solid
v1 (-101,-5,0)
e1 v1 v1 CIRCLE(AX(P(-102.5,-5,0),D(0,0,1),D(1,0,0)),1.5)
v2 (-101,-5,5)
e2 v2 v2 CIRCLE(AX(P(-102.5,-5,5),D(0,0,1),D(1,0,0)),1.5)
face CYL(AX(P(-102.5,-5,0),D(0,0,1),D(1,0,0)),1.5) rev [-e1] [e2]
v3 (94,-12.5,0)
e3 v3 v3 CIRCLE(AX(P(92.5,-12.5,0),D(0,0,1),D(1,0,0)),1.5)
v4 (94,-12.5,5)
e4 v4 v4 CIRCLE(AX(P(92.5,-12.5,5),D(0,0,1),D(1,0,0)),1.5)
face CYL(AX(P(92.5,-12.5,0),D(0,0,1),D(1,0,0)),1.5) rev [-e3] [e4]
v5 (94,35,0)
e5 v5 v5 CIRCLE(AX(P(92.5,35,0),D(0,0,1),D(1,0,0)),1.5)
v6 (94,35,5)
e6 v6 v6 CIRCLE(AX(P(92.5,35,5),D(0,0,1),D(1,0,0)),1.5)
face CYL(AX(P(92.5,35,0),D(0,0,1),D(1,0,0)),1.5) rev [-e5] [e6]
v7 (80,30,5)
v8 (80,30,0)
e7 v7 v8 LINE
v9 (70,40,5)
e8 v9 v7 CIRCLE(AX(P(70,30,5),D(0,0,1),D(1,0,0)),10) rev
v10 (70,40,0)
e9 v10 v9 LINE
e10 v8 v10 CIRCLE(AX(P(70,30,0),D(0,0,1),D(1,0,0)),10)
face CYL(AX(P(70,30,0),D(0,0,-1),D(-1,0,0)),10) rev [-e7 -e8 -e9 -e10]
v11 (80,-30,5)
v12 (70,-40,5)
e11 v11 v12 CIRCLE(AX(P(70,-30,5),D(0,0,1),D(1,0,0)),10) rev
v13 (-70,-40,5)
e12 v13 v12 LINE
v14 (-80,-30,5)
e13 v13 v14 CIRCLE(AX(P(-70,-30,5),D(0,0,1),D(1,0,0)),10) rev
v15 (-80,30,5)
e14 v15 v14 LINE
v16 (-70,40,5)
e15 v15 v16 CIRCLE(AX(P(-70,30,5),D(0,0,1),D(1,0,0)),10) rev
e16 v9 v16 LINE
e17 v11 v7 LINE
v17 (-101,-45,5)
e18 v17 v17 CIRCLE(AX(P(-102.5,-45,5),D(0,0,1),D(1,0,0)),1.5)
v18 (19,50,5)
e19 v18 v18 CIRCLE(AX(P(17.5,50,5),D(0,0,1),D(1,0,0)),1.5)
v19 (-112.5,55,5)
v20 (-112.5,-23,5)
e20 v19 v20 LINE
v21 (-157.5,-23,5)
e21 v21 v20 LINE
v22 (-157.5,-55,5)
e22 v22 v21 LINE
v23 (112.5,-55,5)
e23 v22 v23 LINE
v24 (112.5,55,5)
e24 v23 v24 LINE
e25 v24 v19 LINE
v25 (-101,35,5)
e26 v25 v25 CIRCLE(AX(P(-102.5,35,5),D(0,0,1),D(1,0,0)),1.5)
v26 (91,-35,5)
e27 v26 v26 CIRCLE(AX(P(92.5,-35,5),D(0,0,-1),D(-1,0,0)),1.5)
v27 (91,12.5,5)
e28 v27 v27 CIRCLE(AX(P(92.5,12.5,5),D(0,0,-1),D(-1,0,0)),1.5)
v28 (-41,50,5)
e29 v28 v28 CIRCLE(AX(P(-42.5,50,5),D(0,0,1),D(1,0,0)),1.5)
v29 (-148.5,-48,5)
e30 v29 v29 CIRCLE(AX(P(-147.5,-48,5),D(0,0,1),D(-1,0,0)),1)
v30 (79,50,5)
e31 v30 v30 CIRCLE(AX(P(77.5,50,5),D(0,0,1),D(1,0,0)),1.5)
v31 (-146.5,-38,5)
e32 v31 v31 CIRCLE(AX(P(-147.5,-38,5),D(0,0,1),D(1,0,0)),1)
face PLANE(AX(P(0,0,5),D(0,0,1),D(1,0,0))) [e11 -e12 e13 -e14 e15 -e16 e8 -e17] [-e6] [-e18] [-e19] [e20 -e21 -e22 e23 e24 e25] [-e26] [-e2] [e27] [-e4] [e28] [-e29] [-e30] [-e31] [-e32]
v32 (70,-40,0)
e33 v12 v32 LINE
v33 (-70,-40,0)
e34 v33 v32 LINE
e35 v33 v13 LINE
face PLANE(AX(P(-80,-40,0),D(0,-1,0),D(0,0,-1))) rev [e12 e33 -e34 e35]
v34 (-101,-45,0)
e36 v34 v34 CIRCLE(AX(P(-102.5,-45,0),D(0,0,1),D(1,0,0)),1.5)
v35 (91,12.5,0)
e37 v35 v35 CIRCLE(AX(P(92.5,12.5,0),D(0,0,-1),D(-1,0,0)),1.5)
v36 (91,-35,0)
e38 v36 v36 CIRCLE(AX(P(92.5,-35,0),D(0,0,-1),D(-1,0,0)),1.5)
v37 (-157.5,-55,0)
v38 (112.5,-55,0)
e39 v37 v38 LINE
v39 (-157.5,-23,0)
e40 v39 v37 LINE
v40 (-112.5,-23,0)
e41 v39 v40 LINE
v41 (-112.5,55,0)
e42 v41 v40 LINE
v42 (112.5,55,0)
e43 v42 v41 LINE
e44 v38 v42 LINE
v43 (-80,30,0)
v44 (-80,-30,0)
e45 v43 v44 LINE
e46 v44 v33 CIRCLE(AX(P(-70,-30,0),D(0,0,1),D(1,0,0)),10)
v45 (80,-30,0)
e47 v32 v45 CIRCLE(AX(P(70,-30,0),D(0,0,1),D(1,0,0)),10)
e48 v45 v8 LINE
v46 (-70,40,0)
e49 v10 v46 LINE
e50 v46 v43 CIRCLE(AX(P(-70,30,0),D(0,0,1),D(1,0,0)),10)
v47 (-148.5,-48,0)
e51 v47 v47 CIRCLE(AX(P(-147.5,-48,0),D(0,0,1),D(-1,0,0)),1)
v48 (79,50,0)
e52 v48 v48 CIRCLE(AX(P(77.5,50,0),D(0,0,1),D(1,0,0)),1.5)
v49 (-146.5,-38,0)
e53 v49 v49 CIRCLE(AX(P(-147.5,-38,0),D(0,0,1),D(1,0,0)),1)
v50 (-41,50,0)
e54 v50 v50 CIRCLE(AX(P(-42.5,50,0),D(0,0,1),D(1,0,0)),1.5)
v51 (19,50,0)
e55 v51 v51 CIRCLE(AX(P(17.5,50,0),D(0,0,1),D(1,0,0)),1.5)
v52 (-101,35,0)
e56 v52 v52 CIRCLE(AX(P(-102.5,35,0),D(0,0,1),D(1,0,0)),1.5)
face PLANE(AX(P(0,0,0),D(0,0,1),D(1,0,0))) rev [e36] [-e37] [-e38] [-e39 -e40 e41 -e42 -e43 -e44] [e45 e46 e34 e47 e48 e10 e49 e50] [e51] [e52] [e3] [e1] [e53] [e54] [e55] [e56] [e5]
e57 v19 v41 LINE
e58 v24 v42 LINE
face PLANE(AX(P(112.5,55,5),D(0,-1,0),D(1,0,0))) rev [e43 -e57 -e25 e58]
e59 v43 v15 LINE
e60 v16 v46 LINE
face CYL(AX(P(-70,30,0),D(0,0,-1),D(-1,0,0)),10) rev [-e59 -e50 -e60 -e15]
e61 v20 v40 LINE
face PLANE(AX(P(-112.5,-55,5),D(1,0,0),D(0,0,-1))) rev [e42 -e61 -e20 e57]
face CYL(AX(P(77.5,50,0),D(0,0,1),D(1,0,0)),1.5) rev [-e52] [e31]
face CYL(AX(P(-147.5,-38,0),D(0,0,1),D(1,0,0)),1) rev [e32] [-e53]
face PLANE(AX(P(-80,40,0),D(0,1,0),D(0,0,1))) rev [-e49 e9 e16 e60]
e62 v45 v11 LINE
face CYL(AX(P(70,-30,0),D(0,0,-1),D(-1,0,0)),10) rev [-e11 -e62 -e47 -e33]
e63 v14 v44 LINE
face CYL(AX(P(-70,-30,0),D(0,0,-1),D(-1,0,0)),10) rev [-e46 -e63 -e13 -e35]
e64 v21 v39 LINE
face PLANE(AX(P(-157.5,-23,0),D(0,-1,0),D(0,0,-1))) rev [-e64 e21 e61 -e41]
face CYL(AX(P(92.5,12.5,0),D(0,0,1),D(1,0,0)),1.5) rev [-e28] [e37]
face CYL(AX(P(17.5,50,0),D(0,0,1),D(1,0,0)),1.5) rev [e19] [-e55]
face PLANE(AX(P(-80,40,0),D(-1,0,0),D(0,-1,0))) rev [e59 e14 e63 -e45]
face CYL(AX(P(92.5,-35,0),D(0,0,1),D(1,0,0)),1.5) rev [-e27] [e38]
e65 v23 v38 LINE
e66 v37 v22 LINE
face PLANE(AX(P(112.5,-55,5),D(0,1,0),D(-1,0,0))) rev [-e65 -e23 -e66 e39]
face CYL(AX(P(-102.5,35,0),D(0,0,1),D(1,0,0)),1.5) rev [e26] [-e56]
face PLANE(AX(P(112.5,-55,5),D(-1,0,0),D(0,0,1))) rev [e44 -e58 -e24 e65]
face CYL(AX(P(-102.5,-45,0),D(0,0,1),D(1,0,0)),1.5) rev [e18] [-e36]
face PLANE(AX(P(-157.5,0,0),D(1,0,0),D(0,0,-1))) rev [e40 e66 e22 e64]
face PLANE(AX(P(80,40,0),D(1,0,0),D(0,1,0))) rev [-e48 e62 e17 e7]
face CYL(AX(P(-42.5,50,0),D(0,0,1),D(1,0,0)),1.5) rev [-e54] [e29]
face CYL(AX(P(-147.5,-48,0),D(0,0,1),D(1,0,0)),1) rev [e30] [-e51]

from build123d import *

# Parameters (mm, degrees)
SKETCH1_W           = 225
SKETCH1_H           = 110
BOSS_EXTRUDE1_DEPTH = 5
SKETCH2_W           = 5
SKETCH2_H           = 32
BOSS_EXTRUDE2_DEPTH = 45
SKETCH3_R           = 1.5
CUT_EXTRUDE1_DEPTH  = 6
SKETCH4_R           = 1.5
CUT_EXTRUDE2_DEPTH  = 6
SKETCH5_R           = 1
CUT_EXTRUDE3_DEPTH  = 6
SKETCH6_W           = 160
SKETCH6_H           = 80
CUT_EXTRUDE4_DEPTH  = 6
FILLET1_R           = 10


with BuildPart() as part:
    # Sketch1 → Boss-Extrude1 (new body)
    with BuildSketch(Plane.XY):
        Rectangle(SKETCH1_W, SKETCH1_H)
    extrude(amount=BOSS_EXTRUDE1_DEPTH)

    # Sketch2 → Boss-Extrude2 (add)
    with BuildSketch(Plane.ZY.offset(112.5)):
        with Locations((2.5, -39)):
            Rectangle(SKETCH2_W, SKETCH2_H)
    extrude(amount=BOSS_EXTRUDE2_DEPTH)

    # Sketch3 → Cut-Extrude1 (cut, through all)
    with BuildSketch(Plane.XY.offset(5)):
        with Locations((92.5, 35)):
            Circle(SKETCH3_R)
        with Locations((92.5, 12.5)):
            Circle(SKETCH3_R)
        with Locations((92.5, -12.5)):
            Circle(SKETCH3_R)
        with Locations((92.5, -35)):
            Circle(SKETCH3_R)
    extrude(amount=-CUT_EXTRUDE1_DEPTH, mode=Mode.SUBTRACT)

    # Sketch4 → Cut-Extrude2 (cut, through all)
    with BuildSketch(Plane.XY.offset(5)):
        with Locations((-42.5, 50)):
            Circle(SKETCH4_R)
        with Locations((-102.5, 35)):
            Circle(SKETCH4_R)
        with Locations((17.5, 50)):
            Circle(SKETCH4_R)
        with Locations((77.5, 50)):
            Circle(SKETCH4_R)
        with Locations((-102.5, -5)):
            Circle(SKETCH4_R)
        with Locations((-102.5, -45)):
            Circle(SKETCH4_R)
    extrude(amount=-CUT_EXTRUDE2_DEPTH, mode=Mode.SUBTRACT)

    # Sketch5 → Cut-Extrude3 (cut, through all)
    with BuildSketch(Plane.XY.offset(5)):
        with Locations((-147.5, -38)):
            Circle(SKETCH5_R)
        with Locations((-147.5, -48)):
            Circle(SKETCH5_R)
    extrude(amount=-CUT_EXTRUDE3_DEPTH, mode=Mode.SUBTRACT)

    # Sketch6 → Cut-Extrude4 (cut, through all)
    with BuildSketch(Plane.XY.offset(5)):
        Rectangle(SKETCH6_W, SKETCH6_H)
    extrude(amount=-CUT_EXTRUDE4_DEPTH, mode=Mode.SUBTRACT)

    # Fillet1
    fillet1_edges = [part.edges().sort_by_distance(p)[0] for p in [
        (-80, -40, 2.5),
        (-80, 40, 2.5),
        (80, 40, 2.5),
        (80, -40, 2.5),
    ]]
    fillet(fillet1_edges, radius=FILLET1_R)


solid = part.part
